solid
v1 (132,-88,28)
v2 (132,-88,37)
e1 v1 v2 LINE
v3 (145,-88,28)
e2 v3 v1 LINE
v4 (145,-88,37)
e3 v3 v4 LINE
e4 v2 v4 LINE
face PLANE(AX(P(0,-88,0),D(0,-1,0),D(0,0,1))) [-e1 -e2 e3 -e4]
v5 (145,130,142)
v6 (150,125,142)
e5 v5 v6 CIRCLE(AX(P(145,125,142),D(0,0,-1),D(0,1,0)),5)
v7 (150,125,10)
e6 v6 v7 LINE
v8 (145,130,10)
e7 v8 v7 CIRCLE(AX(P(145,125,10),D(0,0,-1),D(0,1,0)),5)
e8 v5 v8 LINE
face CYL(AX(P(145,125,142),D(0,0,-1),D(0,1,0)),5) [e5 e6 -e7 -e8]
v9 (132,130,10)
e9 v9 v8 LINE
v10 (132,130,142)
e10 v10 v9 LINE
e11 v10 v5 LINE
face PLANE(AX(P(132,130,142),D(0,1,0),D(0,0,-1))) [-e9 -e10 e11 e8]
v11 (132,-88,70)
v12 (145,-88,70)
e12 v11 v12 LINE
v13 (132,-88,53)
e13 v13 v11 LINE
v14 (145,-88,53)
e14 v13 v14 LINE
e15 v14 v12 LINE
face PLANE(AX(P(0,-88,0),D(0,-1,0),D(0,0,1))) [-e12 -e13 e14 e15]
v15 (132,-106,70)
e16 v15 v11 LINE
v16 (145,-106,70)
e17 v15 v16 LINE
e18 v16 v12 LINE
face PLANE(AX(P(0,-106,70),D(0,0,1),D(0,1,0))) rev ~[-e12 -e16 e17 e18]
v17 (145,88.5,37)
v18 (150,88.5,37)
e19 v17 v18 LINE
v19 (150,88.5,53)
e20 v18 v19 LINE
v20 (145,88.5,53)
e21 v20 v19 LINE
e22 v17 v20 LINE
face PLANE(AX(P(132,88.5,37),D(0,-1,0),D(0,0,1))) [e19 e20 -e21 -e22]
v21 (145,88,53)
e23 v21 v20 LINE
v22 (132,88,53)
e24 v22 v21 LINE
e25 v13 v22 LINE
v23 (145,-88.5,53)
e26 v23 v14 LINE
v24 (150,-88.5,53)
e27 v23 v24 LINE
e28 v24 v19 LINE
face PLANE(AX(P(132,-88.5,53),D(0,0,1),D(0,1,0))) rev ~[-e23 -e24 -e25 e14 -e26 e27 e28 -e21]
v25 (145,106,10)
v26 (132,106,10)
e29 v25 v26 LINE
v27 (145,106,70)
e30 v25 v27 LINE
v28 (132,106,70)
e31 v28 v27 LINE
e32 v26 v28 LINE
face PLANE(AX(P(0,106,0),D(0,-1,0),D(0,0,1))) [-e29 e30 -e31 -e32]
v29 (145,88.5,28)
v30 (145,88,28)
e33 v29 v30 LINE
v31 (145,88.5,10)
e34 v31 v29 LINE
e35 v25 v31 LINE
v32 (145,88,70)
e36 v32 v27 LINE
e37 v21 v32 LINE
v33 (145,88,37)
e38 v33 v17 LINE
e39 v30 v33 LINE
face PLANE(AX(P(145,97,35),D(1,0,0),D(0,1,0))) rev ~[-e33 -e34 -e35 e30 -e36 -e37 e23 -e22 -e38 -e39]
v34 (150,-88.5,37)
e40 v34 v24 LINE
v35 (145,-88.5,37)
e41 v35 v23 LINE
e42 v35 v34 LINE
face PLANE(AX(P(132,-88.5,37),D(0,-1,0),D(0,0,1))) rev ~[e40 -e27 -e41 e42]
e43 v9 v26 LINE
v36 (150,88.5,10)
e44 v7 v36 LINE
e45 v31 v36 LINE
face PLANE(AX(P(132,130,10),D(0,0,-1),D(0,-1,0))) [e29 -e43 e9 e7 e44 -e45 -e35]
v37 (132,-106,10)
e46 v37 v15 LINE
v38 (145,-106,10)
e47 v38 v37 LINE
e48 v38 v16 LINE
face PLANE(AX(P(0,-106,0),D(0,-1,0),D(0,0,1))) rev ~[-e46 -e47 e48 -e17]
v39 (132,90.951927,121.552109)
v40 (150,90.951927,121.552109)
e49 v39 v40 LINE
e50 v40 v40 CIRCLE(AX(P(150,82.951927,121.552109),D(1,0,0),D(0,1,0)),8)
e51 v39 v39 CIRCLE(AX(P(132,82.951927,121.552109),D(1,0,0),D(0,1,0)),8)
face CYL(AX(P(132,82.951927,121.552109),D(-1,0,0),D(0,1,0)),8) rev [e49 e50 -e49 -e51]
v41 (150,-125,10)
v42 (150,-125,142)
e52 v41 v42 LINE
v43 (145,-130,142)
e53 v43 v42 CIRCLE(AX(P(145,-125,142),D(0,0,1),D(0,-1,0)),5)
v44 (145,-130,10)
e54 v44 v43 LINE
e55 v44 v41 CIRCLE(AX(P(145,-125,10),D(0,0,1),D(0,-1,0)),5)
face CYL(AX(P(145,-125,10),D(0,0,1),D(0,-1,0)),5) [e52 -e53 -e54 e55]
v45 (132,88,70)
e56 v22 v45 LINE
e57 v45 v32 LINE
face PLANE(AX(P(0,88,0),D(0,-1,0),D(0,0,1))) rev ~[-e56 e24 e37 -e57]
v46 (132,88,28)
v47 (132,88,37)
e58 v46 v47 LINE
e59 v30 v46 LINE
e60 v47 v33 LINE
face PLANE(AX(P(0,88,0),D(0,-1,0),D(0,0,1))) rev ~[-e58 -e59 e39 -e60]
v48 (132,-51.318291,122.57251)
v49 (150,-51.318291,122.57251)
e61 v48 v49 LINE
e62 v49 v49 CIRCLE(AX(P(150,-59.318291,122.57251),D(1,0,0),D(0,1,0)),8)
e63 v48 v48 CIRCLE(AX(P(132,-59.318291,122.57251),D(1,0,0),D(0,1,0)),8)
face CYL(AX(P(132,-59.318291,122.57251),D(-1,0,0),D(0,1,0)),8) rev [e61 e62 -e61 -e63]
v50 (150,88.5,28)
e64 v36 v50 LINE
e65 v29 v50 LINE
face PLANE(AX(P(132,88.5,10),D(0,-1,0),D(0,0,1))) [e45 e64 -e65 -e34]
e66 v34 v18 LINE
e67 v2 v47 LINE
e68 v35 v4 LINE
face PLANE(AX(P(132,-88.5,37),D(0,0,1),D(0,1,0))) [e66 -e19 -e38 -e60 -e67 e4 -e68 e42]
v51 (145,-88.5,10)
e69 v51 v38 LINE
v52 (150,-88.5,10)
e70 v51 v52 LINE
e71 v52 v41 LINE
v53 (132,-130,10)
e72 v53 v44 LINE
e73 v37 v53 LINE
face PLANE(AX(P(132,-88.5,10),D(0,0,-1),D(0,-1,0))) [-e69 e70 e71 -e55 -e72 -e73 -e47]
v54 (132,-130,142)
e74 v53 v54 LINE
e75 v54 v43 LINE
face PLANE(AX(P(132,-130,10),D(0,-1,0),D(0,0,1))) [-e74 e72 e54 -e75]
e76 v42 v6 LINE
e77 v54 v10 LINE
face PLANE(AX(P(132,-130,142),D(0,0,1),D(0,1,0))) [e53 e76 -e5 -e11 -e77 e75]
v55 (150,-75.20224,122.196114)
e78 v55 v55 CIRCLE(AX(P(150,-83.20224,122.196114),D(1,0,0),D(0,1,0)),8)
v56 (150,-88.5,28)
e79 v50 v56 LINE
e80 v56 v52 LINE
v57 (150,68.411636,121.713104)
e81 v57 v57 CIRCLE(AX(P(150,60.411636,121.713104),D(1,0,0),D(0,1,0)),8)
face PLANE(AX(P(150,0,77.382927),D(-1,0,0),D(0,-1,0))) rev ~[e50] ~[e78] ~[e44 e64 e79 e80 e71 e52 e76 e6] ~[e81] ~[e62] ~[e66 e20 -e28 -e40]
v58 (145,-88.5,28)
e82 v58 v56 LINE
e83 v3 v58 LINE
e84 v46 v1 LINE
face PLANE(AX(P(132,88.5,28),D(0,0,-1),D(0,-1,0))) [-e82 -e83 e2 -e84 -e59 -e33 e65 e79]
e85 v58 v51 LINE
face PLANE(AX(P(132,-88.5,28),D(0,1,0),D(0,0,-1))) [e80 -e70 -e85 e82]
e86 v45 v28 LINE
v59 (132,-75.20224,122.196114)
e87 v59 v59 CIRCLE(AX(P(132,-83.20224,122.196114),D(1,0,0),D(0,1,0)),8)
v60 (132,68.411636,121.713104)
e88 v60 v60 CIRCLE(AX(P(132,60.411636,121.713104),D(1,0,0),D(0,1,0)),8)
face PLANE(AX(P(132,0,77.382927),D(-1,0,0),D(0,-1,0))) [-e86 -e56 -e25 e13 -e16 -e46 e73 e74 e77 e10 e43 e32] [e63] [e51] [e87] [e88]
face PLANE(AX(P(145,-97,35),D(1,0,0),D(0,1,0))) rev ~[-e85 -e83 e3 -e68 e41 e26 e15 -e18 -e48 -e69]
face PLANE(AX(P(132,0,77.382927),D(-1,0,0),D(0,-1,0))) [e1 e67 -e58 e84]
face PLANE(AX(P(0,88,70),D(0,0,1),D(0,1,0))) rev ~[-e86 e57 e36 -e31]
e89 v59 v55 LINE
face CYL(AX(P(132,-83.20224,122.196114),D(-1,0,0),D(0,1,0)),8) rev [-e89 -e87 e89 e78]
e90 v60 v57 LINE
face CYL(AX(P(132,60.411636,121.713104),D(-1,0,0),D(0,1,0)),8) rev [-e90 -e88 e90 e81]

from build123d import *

# Parameters (mm, degrees)
SKETCH002_W  = 177
SKETCH002_H  = 16
SKETCH002_R  = 8
PAD002_DEPTH = 18
FILLET_R     = 5
SKETCH_W     = 18
SKETCH_H     = 70
POCKET_DEPTH = 145


with BuildPart() as part:
    # Sketch002 → Pad002 (new body)
    with BuildSketch(Plane.YZ.offset(132)):
        Polygon((-130, 10), (-130, 142), (130, 142), (130, 10), (88.5, 10), (88.5, 28), (-88.5, 28), (-88.5, 10), align=None)
        with Locations((0, 45)):
            Rectangle(SKETCH002_W, SKETCH002_H, mode=Mode.SUBTRACT)
        with Locations((-83.20224, 122.196114)):
            Circle(SKETCH002_R, mode=Mode.SUBTRACT)
        with Locations((-59.318291, 122.57251)):
            Circle(SKETCH002_R, mode=Mode.SUBTRACT)
        with Locations((60.411636, 121.713104)):
            Circle(SKETCH002_R, mode=Mode.SUBTRACT)
        with Locations((82.951927, 121.552109)):
            Circle(SKETCH002_R, mode=Mode.SUBTRACT)
    extrude(amount=PAD002_DEPTH)

    # Fillet
    fillet_edges = [part.edges().sort_by_distance(p)[0] for p in [
        (150, -130, 76),
        (150, 130, 76),
    ]]
    fillet(fillet_edges, radius=FILLET_R)

    # Sketch → Pocket (cut)
    with BuildSketch(Plane.YZ):
        with Locations((-97, 35)):
            Rectangle(SKETCH_W, SKETCH_H)
        with Locations((97, 35)):
            Rectangle(SKETCH_W, SKETCH_H)
    extrude(amount=POCKET_DEPTH, mode=Mode.SUBTRACT)


solid = part.part
